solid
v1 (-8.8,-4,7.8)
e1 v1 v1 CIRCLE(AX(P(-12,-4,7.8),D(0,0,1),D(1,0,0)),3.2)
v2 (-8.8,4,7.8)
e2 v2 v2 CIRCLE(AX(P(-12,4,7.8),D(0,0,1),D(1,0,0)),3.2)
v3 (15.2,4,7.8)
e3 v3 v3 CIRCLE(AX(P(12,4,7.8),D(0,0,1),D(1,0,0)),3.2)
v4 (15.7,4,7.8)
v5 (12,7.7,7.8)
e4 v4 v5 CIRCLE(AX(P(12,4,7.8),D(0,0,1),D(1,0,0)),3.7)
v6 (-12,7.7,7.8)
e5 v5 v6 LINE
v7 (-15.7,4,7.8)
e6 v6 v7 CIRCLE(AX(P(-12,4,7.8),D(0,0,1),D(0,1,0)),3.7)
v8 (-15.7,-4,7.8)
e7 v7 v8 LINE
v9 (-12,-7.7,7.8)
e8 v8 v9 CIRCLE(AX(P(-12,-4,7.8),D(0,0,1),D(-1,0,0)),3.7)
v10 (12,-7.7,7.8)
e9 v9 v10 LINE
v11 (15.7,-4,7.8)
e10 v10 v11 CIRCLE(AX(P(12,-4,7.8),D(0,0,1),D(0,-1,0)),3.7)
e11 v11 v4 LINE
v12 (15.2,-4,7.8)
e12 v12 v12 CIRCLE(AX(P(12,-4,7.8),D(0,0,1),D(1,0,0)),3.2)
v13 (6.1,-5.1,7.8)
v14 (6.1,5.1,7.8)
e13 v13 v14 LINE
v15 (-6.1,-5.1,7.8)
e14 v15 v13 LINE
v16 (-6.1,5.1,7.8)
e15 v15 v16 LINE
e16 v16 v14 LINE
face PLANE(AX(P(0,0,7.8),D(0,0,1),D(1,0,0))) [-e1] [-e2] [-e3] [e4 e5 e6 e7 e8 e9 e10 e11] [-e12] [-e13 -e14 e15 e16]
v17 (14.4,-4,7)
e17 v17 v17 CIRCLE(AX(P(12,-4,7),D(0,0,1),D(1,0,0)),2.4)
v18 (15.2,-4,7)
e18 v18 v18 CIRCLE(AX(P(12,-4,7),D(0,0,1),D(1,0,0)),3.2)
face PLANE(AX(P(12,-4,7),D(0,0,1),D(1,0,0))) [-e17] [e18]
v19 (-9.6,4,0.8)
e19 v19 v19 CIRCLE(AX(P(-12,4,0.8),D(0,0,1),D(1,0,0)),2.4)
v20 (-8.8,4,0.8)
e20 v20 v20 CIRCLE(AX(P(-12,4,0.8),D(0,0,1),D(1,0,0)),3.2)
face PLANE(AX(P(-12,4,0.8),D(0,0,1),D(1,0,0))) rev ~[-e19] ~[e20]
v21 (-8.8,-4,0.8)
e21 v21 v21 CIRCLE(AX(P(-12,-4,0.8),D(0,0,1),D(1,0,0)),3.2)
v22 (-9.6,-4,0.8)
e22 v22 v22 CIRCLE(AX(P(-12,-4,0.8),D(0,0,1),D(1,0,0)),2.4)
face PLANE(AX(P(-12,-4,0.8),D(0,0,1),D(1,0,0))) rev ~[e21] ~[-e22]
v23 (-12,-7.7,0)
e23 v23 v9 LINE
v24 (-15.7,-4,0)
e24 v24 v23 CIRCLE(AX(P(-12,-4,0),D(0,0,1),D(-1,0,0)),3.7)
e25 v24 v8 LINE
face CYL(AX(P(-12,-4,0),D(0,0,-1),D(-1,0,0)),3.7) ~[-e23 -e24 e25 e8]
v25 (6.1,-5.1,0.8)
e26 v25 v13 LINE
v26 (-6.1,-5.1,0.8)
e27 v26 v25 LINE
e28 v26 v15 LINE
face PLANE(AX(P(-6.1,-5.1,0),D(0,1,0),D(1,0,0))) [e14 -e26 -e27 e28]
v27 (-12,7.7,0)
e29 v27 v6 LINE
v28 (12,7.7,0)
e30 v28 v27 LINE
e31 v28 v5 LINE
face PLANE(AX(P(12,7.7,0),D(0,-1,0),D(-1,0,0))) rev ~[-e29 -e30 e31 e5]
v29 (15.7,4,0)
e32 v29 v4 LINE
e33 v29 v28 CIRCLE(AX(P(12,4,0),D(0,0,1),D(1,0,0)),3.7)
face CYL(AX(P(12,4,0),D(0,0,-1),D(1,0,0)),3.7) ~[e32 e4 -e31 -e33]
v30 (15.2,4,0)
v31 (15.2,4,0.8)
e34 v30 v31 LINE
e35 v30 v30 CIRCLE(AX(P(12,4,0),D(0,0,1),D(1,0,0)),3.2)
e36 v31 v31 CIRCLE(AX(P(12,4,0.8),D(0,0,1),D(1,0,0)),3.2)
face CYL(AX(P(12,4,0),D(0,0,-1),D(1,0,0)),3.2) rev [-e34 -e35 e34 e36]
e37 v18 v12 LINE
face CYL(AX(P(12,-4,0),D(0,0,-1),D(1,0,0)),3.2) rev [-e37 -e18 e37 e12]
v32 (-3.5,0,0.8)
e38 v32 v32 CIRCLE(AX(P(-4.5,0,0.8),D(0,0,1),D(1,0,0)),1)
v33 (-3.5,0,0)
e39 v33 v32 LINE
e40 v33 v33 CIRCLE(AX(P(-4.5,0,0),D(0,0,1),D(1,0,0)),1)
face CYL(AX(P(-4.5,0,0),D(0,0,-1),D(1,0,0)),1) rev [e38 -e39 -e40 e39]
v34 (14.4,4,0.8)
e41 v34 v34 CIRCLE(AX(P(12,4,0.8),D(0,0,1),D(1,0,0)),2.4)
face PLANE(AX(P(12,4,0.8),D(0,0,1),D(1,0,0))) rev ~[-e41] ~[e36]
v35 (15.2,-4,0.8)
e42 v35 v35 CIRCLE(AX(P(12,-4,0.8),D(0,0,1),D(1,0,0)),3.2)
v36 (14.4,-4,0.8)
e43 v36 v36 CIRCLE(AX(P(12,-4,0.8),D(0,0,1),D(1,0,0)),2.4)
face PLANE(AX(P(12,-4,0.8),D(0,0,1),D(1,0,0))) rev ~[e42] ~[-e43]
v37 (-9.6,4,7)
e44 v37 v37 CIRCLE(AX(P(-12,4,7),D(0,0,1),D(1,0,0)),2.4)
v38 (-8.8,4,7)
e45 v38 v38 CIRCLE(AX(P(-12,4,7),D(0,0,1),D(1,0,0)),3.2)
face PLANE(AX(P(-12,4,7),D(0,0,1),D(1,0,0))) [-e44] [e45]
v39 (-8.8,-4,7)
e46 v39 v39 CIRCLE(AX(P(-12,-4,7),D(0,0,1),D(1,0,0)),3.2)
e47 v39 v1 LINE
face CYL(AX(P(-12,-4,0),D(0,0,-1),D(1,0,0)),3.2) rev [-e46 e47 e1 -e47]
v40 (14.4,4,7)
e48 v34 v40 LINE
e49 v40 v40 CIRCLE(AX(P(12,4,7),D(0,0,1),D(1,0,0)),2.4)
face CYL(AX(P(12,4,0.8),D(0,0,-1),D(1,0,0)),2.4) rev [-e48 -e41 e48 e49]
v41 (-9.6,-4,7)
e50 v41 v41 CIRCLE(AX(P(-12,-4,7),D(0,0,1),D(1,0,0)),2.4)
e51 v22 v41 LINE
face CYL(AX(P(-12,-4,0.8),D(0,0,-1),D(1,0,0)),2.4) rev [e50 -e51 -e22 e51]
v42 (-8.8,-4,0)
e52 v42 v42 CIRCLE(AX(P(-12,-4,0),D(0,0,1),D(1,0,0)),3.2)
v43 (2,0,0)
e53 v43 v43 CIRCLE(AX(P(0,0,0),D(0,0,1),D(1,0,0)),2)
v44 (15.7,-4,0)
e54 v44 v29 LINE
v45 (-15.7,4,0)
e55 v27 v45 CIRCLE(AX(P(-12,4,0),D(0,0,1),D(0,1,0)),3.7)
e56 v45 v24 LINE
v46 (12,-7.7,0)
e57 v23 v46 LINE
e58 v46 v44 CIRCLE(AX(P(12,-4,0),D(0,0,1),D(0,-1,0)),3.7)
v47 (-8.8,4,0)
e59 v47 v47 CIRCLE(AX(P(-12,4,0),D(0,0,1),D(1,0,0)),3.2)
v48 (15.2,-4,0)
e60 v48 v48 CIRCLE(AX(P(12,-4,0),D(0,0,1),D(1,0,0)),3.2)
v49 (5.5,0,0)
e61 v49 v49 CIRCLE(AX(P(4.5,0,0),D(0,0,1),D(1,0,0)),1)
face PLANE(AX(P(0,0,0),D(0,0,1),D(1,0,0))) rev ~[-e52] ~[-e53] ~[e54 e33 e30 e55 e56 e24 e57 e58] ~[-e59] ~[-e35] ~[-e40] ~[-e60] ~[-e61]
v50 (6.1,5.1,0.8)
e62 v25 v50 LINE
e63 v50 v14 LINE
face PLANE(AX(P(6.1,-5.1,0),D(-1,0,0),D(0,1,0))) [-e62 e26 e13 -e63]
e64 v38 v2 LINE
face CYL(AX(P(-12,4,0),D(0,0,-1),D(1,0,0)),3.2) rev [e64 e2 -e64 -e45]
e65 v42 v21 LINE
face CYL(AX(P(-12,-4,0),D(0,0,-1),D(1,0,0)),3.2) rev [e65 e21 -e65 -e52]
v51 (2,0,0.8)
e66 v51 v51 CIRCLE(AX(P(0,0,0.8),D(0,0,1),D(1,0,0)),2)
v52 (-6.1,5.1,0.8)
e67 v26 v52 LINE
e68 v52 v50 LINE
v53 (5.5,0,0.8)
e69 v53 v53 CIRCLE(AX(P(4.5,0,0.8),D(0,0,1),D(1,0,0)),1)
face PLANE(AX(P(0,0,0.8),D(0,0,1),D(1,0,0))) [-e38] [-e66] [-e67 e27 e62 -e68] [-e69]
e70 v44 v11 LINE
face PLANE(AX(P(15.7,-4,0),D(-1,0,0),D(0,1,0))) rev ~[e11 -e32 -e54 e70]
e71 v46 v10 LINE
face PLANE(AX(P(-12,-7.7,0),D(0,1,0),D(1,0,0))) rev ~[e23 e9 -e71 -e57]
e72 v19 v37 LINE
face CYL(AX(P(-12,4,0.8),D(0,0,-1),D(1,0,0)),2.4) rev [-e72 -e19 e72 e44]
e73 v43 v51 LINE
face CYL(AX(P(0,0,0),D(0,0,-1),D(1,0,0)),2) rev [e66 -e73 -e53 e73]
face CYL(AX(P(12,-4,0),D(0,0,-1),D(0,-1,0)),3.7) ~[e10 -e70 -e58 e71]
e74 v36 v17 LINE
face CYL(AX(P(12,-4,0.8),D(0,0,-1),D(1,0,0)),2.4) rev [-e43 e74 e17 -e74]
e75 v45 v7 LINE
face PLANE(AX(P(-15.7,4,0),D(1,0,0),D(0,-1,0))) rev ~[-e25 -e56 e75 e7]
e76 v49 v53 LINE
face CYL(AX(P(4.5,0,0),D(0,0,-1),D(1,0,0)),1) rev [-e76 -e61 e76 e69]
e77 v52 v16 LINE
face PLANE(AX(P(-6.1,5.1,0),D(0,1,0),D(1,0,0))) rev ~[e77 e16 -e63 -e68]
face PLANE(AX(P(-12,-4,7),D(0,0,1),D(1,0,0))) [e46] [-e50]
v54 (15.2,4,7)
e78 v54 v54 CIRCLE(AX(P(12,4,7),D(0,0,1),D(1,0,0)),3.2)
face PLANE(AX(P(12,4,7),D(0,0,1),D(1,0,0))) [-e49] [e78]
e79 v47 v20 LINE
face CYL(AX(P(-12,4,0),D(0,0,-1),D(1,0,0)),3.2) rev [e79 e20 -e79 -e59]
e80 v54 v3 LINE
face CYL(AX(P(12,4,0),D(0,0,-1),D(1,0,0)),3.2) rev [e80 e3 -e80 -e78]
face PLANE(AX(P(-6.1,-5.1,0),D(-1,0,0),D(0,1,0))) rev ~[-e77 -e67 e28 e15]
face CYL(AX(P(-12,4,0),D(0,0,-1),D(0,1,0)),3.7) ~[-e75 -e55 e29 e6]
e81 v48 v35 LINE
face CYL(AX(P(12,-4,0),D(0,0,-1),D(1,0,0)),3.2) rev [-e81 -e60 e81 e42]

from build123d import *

# Parameters (mm, degrees)
F0_R     = 3.2
F0_W     = 12.2
F0_H     = 10.2
F1_DEPTH = 7.8
F2_START = 0.8
F0_R_2   = 2.4
F2_DEPTH = 6.2
F0_R_3   = 1
F0_R_4   = 2
F3_DEPTH = 0.8


with BuildPart() as f1:
    # F0 (on Top) → F1 (new body)
    with BuildSketch(Plane.XY):
        with BuildLine():
            Line((12, 7.7), (-12, 7.7))
            ThreePointArc((-12, 7.7), (-14.6162950904, 6.6162950904), (-15.7, 4))
            Line((-15.7, 4), (-15.7, -4))
            ThreePointArc((-15.7, -4), (-14.6162950904, -6.6162950904), (-12, -7.7))
            Line((-12, -7.7), (12, -7.7))
            ThreePointArc((12, -7.7), (14.6162950904, -6.6162950904), (15.7, -4))
            Line((15.7, -4), (15.7, 4))
            ThreePointArc((15.7, 4), (14.6162950904, 6.6162950904), (12, 7.7))
        make_face()
        with Locations((-12, -4)):
            Circle(F0_R, mode=Mode.SUBTRACT)
        with Locations((12, -4)):
            Circle(F0_R, mode=Mode.SUBTRACT)
        with Locations((-12, 4)):
            Circle(F0_R, mode=Mode.SUBTRACT)
        Rectangle(F0_W, F0_H, mode=Mode.SUBTRACT)
        with Locations((12, 4)):
            Circle(F0_R, mode=Mode.SUBTRACT)
    extrude(amount=F1_DEPTH)

    # F0 (on Top) → F2 (join)
    with BuildSketch(Plane.XY.offset(F2_START)):
        with Locations((-12, -4)):
            Circle(F0_R)
        with Locations((-12, -4)):
            Circle(F0_R_2, mode=Mode.SUBTRACT)
        with Locations((12, -4)):
            Circle(F0_R)
        with Locations((12, -4)):
            Circle(F0_R_2, mode=Mode.SUBTRACT)
        with Locations((-12, 4)):
            Circle(F0_R)
        with Locations((-12, 4)):
            Circle(F0_R_2, mode=Mode.SUBTRACT)
        with Locations((12, 4)):
            Circle(F0_R)
        with Locations((12, 4)):
            Circle(F0_R_2, mode=Mode.SUBTRACT)
    extrude(amount=F2_DEPTH)

    # F0 (on Top) → F3 (join)
    with BuildSketch(Plane.XY):
        Rectangle(F0_W, F0_H)
        with Locations((-4.5, 0)):
            Circle(F0_R_3, mode=Mode.SUBTRACT)
        Circle(F0_R_4, mode=Mode.SUBTRACT)
        with Locations((4.5, 0)):
            Circle(F0_R_3, mode=Mode.SUBTRACT)
    extrude(amount=F3_DEPTH)


solid = f1.part
